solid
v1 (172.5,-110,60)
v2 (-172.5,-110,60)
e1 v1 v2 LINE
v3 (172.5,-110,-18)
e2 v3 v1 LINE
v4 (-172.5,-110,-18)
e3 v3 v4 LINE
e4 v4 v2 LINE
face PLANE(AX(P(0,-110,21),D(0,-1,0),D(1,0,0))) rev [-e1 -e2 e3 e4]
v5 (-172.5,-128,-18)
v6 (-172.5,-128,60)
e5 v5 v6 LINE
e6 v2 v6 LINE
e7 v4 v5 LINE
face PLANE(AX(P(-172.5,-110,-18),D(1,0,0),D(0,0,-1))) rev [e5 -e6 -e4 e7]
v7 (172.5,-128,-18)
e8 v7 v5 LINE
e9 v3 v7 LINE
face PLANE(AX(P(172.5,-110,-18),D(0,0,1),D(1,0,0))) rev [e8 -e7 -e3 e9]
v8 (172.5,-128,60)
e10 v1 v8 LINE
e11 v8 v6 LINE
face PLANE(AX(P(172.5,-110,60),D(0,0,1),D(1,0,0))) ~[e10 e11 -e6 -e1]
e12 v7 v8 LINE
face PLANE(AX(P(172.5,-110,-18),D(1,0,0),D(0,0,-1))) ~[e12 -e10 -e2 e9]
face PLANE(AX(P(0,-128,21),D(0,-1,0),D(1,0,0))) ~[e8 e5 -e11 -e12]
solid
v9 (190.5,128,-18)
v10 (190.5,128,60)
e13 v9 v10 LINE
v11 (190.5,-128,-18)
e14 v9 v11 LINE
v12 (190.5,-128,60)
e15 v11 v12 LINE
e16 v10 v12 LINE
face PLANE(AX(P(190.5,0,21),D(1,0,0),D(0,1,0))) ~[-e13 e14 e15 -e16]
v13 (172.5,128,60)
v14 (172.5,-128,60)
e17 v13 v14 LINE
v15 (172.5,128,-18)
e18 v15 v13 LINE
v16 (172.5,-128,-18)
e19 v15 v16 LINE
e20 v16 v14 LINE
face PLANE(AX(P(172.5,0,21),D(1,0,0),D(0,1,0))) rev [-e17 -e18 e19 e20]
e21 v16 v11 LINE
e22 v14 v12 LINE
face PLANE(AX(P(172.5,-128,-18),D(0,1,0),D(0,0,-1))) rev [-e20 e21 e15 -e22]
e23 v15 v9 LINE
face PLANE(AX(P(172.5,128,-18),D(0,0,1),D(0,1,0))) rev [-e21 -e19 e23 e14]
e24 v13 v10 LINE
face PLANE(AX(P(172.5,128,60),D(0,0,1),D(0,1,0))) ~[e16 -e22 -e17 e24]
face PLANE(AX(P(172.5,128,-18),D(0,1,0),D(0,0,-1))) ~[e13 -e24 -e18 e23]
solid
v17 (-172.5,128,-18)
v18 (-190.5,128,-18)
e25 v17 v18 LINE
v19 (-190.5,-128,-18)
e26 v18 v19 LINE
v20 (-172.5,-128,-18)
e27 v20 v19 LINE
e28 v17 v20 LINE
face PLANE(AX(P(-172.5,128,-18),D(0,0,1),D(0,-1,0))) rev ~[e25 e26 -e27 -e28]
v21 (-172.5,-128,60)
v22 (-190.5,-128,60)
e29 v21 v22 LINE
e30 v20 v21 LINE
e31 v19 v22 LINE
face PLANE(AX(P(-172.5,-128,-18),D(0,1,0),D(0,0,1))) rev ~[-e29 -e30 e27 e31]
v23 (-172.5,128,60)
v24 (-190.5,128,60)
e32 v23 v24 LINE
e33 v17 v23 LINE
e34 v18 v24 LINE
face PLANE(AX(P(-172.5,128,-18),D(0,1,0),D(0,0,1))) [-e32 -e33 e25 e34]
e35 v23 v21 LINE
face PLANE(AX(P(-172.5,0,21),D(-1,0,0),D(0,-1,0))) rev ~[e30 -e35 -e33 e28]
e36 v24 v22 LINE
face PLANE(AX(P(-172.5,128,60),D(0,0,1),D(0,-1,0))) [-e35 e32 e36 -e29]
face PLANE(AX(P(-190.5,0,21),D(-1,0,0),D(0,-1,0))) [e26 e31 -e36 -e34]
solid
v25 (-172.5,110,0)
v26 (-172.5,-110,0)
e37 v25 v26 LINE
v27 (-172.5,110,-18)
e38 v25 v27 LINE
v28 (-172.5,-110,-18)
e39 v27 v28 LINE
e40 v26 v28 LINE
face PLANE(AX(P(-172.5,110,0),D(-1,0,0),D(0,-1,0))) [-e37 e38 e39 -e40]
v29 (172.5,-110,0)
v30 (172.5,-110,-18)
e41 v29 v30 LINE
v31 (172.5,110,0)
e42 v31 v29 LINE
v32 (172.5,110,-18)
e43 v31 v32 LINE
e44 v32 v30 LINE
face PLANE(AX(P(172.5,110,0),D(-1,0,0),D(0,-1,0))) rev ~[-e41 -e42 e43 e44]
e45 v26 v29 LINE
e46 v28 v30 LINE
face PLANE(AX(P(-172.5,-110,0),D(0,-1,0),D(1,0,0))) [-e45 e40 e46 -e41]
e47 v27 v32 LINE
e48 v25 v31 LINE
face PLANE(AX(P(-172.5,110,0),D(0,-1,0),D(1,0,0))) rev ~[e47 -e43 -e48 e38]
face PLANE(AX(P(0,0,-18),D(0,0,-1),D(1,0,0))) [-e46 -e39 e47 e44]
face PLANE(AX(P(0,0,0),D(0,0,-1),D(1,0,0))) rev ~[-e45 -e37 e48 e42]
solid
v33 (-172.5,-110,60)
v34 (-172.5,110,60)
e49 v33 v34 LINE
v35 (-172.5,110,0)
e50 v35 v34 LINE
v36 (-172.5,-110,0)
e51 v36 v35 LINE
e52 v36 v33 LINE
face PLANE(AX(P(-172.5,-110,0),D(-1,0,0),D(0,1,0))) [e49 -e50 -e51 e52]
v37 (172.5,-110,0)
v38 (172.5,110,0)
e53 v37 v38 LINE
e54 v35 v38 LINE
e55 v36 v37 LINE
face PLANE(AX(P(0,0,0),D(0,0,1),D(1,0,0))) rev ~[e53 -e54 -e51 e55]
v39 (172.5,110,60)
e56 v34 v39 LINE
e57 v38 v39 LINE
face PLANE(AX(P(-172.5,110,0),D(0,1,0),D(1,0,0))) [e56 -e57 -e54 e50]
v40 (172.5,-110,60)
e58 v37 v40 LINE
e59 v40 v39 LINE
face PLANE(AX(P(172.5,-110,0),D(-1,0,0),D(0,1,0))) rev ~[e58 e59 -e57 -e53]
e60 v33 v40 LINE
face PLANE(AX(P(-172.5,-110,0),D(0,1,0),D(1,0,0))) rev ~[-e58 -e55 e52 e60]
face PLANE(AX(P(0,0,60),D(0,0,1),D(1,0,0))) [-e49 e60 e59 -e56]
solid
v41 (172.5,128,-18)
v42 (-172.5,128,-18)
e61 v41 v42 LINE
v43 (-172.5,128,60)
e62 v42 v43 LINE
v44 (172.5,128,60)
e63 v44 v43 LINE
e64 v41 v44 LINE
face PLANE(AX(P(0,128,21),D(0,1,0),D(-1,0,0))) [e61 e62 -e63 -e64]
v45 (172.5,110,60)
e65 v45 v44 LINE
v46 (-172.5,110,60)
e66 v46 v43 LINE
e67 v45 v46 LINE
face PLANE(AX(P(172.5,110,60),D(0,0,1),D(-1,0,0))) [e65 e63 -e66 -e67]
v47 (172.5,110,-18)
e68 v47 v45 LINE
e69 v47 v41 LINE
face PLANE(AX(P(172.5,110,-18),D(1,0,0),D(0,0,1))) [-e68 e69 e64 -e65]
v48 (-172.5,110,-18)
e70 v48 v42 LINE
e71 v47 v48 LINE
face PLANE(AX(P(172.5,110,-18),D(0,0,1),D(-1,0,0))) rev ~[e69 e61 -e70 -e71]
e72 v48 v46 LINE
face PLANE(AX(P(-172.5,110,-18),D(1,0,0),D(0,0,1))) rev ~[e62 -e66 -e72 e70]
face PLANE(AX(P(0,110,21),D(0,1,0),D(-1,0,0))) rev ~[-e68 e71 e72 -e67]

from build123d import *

# Parameters (mm, degrees)
F0_W     = 345
F0_H     = 220
F1_DEPTH = 60
F2_W     = 256
F2_H     = 78
F3_DEPTH = 18
F4_W     = 345
F4_H     = 78
F5_DEPTH = 18
F6_W     = 345
F6_H     = 220
F7_DEPTH = 18


with BuildPart() as f1:
    # F0 (on Top) → F1 (new body)
    with BuildSketch(Plane.XY):
        Rectangle(F0_W, F0_H)
    extrude(amount=F1_DEPTH)


with BuildPart() as f3:
    # F2 (on face) → F3 (new body)
    with BuildSketch(Plane(origin=(-172.5, 0, 0), x_dir=(0, -1, 0), z_dir=(-1, 0, 0))):
        with Locations((0, 21)):
            Rectangle(F2_W, F2_H)
    extrude(amount=F3_DEPTH)


with BuildPart() as f5:
    # F4 (on face) → F5 (new body)
    with BuildSketch(Plane(origin=(0, 110, 0), x_dir=(-1, 0, 0), z_dir=(0, 1, 0))):
        with Locations((0, 21)):
            Rectangle(F4_W, F4_H)
    extrude(amount=F5_DEPTH)


with BuildPart() as f7:
    # F6 (on face) → F7 (new body)
    with BuildSketch(Plane(origin=(0, 0, 0), x_dir=(1, 0, 0), z_dir=(0, 0, -1))):
        Rectangle(F6_W, F6_H)
    extrude(amount=F7_DEPTH)


with BuildPart() as f8_1:
    # F8: instance of F3
    add(f3.part.mirror(Plane.YZ))


with BuildPart() as f9_1:
    # F9: instance of F5
    add(f5.part.mirror(Plane.XZ))


solid = Compound([f1.part, f3.part, f5.part, f7.part, f8_1.part, f9_1.part])
